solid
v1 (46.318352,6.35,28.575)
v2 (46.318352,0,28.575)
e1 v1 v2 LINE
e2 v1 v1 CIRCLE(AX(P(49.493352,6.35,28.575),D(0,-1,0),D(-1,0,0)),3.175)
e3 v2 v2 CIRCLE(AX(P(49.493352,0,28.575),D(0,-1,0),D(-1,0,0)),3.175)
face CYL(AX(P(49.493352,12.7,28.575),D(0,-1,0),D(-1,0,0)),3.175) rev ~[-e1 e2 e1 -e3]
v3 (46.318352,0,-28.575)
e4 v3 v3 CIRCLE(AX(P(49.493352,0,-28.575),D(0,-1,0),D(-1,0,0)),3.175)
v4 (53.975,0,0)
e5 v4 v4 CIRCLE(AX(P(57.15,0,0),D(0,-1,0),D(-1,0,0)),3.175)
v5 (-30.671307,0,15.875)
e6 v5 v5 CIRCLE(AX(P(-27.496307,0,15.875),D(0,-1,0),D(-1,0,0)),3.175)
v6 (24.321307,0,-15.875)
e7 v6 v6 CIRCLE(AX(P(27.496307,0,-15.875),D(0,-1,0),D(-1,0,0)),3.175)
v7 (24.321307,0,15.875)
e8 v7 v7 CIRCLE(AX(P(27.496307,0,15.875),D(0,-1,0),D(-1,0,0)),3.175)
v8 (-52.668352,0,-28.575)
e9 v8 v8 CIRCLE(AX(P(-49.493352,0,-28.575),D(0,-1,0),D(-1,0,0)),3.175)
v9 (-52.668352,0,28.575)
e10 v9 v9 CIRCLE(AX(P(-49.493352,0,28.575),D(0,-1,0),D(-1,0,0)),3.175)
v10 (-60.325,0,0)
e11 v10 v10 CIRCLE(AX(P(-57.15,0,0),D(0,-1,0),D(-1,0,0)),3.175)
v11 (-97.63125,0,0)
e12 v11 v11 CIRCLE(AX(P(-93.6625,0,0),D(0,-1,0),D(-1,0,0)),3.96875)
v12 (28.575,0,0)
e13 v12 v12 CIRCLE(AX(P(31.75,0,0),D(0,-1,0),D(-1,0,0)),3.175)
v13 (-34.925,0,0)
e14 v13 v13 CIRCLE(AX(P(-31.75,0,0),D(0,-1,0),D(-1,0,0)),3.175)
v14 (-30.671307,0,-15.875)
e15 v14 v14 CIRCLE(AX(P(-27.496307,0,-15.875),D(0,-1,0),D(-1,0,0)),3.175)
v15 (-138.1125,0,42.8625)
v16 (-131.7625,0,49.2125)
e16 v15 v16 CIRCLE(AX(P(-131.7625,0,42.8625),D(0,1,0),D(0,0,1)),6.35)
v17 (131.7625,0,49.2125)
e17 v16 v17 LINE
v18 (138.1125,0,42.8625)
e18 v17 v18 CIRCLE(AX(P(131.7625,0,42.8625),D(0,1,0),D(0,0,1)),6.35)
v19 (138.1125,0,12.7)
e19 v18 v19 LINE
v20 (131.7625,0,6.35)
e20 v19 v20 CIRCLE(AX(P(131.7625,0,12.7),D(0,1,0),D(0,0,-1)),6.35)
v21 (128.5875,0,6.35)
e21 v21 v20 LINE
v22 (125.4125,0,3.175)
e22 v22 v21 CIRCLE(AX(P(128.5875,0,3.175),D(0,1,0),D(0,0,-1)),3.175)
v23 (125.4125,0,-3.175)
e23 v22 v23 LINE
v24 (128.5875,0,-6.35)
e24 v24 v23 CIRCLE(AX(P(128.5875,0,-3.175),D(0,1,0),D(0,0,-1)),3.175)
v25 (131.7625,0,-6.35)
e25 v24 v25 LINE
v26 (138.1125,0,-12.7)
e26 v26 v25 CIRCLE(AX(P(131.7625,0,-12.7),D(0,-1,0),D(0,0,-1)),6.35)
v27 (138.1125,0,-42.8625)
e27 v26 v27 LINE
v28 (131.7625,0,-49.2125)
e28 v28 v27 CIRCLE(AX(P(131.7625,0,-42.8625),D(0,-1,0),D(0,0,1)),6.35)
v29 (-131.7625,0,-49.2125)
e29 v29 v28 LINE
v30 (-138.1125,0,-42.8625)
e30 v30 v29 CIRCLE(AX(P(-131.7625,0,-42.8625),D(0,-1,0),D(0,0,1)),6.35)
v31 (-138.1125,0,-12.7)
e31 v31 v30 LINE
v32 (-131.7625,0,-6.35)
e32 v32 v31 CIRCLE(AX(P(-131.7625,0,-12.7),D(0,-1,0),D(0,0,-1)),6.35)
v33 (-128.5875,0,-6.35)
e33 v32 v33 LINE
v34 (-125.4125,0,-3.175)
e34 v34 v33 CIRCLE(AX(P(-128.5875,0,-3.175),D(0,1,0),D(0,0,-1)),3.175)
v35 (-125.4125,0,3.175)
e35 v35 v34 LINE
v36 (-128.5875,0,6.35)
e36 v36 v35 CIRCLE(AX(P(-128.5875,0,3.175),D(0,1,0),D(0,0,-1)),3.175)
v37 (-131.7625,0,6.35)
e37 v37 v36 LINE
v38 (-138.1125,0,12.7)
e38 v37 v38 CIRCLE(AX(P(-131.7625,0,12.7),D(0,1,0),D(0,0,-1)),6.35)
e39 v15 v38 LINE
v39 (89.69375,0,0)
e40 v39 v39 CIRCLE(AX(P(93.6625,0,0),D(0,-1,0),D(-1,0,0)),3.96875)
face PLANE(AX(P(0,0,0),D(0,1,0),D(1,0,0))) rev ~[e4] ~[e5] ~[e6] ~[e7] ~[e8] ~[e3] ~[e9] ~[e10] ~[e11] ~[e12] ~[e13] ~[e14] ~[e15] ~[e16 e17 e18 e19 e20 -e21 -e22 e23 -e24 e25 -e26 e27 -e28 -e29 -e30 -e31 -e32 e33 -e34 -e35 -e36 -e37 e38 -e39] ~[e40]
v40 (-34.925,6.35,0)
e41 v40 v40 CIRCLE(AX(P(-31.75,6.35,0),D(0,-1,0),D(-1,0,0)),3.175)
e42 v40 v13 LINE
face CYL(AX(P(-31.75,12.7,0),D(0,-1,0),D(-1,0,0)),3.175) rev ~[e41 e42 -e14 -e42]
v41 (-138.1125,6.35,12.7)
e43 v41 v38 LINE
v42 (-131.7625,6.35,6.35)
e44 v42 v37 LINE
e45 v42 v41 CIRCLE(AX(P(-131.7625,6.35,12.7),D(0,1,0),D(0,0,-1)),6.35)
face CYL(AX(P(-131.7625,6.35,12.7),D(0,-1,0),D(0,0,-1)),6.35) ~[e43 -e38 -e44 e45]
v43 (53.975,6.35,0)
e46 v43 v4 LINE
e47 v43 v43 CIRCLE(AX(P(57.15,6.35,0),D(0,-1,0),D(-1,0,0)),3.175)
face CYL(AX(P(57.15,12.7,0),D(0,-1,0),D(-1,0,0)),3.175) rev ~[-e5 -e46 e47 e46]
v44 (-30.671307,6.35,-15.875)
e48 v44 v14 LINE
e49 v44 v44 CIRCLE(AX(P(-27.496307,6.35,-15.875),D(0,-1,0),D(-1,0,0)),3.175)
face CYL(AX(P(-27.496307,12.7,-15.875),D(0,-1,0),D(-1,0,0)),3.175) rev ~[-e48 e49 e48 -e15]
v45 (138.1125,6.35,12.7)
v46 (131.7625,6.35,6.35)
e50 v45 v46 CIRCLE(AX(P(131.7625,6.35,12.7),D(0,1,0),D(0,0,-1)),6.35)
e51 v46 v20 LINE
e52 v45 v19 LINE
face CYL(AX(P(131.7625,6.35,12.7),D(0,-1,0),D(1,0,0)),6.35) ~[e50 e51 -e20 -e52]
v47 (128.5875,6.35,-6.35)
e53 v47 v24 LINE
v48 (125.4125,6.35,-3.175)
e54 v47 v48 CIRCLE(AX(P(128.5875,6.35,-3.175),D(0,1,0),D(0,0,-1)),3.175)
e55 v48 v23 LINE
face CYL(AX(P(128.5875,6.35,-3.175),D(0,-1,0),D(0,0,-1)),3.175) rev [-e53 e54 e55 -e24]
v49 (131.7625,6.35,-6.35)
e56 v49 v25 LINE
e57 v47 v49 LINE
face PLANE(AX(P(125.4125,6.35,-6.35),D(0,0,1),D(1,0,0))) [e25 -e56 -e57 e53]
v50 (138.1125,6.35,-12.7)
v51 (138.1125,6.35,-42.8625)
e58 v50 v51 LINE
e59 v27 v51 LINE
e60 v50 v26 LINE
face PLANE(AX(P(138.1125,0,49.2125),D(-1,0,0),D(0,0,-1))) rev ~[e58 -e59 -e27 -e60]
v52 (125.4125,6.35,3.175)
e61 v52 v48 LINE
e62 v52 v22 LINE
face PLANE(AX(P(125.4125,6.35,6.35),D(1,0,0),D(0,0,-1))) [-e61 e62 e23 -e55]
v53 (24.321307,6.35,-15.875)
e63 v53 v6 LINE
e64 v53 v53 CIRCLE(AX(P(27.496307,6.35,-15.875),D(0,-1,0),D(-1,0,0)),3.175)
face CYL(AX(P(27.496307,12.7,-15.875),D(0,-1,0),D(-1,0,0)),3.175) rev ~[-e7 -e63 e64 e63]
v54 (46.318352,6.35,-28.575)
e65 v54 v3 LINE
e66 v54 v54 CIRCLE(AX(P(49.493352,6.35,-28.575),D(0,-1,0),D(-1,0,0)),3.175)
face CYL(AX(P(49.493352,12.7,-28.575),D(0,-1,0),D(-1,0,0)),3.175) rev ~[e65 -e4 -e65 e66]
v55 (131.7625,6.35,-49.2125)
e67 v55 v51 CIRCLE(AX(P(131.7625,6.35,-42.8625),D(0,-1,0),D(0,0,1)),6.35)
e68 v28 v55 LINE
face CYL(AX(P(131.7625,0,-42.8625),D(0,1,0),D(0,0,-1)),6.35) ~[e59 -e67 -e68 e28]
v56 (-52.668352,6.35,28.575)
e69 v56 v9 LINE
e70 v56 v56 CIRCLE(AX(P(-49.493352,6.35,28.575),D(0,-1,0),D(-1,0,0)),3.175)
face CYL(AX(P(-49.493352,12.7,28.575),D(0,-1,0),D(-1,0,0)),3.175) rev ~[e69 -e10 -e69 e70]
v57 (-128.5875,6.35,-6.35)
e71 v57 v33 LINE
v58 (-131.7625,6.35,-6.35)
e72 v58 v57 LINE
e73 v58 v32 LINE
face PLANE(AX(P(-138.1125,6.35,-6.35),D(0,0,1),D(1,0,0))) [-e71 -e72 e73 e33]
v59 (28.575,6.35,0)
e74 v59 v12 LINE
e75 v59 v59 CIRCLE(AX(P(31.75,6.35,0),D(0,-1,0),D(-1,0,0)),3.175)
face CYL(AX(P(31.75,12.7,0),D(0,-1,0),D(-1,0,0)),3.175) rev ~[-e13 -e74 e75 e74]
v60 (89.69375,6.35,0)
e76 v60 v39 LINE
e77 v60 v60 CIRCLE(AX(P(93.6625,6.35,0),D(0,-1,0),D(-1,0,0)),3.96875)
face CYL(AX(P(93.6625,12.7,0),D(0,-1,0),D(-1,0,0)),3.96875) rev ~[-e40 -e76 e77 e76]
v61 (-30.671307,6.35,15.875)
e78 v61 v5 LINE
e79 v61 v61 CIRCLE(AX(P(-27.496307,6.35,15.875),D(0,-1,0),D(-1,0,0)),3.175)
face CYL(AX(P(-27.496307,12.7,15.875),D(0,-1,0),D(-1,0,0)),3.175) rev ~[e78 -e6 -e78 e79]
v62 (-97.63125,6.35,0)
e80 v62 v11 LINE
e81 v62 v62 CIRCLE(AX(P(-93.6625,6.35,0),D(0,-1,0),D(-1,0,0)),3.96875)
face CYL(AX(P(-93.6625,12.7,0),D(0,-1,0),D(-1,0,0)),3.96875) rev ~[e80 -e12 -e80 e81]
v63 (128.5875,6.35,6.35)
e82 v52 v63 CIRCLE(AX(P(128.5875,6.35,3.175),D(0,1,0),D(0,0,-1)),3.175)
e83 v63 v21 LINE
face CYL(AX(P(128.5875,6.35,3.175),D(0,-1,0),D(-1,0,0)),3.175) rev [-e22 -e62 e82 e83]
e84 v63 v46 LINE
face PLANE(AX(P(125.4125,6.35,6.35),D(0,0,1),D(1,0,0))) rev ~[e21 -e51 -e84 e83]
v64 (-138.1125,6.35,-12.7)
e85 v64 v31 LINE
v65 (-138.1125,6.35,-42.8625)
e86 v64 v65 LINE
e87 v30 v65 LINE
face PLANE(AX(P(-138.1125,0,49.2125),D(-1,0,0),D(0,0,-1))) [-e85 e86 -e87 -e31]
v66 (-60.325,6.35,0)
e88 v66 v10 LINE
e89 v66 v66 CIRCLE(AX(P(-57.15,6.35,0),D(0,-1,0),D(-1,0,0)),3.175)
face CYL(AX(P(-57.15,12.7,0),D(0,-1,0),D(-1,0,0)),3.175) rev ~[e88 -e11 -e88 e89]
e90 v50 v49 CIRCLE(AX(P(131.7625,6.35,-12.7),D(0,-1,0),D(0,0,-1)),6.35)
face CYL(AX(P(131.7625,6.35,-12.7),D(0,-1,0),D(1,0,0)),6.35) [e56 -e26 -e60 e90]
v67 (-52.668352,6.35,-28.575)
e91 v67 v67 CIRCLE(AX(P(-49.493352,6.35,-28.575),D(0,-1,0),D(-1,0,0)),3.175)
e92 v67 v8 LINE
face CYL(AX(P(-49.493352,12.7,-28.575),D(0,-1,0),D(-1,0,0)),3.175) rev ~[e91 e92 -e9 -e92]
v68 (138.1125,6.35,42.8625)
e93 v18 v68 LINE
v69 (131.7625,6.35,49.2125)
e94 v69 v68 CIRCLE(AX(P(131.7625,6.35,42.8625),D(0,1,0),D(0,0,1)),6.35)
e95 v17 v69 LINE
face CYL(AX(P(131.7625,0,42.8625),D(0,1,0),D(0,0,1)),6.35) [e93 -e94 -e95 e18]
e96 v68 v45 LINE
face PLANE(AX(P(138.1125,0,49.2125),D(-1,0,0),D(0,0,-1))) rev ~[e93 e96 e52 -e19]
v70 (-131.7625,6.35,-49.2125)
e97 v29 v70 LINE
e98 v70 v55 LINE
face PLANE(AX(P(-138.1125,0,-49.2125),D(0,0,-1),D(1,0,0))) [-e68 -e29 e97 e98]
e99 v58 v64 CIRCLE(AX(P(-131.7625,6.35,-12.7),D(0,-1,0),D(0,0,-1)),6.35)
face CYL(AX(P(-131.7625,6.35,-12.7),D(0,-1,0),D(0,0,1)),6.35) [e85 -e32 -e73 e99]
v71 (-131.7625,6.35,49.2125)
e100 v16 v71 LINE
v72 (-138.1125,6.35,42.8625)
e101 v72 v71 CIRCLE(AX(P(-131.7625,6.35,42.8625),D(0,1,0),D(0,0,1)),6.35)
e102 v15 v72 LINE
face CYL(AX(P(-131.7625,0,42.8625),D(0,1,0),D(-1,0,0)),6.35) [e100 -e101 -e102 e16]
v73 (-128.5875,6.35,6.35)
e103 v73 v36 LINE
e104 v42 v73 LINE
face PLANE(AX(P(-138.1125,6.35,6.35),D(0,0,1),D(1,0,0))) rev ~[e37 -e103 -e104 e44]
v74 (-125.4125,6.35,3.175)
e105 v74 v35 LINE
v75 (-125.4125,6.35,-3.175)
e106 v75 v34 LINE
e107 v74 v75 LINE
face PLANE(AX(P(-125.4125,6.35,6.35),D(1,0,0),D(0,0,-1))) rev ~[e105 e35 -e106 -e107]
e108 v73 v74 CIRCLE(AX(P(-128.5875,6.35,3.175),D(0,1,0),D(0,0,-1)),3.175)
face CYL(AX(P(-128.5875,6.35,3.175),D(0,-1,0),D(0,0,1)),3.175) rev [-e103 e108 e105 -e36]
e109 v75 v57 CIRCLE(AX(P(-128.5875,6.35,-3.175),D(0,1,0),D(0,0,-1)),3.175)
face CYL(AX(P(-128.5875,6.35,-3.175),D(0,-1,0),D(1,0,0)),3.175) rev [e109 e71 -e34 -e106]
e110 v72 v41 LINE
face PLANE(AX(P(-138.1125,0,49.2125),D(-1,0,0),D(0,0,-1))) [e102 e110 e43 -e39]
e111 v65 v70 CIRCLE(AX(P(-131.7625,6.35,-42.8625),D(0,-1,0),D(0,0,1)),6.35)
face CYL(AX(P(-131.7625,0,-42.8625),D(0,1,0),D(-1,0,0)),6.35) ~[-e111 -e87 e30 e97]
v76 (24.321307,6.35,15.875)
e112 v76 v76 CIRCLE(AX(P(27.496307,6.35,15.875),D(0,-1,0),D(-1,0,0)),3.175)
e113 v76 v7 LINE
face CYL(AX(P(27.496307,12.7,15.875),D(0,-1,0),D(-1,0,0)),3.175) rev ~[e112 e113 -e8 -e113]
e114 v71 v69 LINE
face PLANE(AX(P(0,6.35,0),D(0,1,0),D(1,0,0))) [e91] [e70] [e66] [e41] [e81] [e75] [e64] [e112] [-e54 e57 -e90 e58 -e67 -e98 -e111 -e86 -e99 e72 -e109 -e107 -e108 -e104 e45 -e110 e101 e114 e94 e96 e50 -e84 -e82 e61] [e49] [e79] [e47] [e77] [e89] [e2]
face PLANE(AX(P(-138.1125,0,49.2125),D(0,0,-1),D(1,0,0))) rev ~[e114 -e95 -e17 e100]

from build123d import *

# Parameters (mm, degrees)
SKETCH1_W                      = 276.225
SKETCH1_H                      = 98.425
BOSS_EXTRUDE1_DEPTH            = 6.35
F_5_16_0_332_DOWEL_HOLE1_D     = 7.9375
F_5_16_0_332_DOWEL_HOLE1_DEPTH = 6.35
SKETCH5_W                      = 12.7
SKETCH5_H                      = 12.7
CUT_EXTRUDE1_DEPTH             = 7.35
FILLET1_R                      = 3.175
FILLET2_R                      = 6.35
F_1_4_0_2500_DOWEL_HOLE1_D     = 6.35
F_1_4_0_2500_DOWEL_HOLE1_DEPTH = 6.35


with BuildPart() as part:
    # Sketch1 → Boss-Extrude1 (new body)
    with BuildSketch(Plane(origin=(0, 0, 0), x_dir=(1, 0, 0), z_dir=(0, 1, 0))):
        Rectangle(SKETCH1_W, SKETCH1_H)
    extrude(amount=BOSS_EXTRUDE1_DEPTH)

    # 5/16 (0.332) Dowel Hole1
    with Locations(Plane(origin=(0, 6.35, 0), x_dir=(1, 0, 0), z_dir=(0, 1, 0))):
        with Locations((-93.6625, 0), (93.6625, 0)):
            Hole(F_5_16_0_332_DOWEL_HOLE1_D / 2, depth=F_5_16_0_332_DOWEL_HOLE1_DEPTH)

    # Sketch5 → Cut-Extrude1 (cut, through all)
    with BuildSketch(Plane(origin=(0, 6.35, 0), x_dir=(1, 0, 0), z_dir=(0, 1, 0))):
        with Locations((-131.7625, 0)):
            Rectangle(SKETCH5_W, SKETCH5_H)
        with Locations((131.7625, 0)):
            Rectangle(SKETCH5_W, SKETCH5_H)
    extrude(amount=-CUT_EXTRUDE1_DEPTH, mode=Mode.SUBTRACT)

    # Fillet1
    fillet1_edges = [part.edges().sort_by_distance(p)[0] for p in [
        (-125.4125, 3.175, -6.35),
        (-125.4125, 3.175, 6.35),
        (125.4125, 3.175, 6.35),
        (125.4125, 3.175, -6.35),
    ]]
    fillet(fillet1_edges, radius=FILLET1_R)

    # Fillet2
    fillet2_edges = [part.edges().sort_by_distance(p)[0] for p in [
        (-138.1125, 3.175, 6.35),
        (-138.1125, 3.175, -6.35),
        (138.1125, 3.175, -6.35),
        (138.1125, 3.175, 6.35),
        (-138.1125, 3.175, -49.2125),
        (138.1125, 3.175, -49.2125),
        (138.1125, 3.175, 49.2125),
        (-138.1125, 3.175, 49.2125),
    ]]
    fillet(fillet2_edges, radius=FILLET2_R)

    # 1/4 (0.2500) Dowel Hole1
    with Locations(Plane(origin=(0, 6.35, 0), x_dir=(1, 0, 0), z_dir=(0, 1, 0))):
        with Locations((-57.15, 0), (-31.75, 0), (31.75, 0), (57.15, 0), (-49.493351826, 28.575), (-27.49630657, 15.875), (-27.49630657, -15.875), (-49.493351826, -28.575), (27.49630657, 15.875), (49.493351826, 28.575), (49.493351826, -28.575), (27.49630657, -15.875)):
            Hole(F_1_4_0_2500_DOWEL_HOLE1_D / 2, depth=F_1_4_0_2500_DOWEL_HOLE1_DEPTH)


solid = part.part
